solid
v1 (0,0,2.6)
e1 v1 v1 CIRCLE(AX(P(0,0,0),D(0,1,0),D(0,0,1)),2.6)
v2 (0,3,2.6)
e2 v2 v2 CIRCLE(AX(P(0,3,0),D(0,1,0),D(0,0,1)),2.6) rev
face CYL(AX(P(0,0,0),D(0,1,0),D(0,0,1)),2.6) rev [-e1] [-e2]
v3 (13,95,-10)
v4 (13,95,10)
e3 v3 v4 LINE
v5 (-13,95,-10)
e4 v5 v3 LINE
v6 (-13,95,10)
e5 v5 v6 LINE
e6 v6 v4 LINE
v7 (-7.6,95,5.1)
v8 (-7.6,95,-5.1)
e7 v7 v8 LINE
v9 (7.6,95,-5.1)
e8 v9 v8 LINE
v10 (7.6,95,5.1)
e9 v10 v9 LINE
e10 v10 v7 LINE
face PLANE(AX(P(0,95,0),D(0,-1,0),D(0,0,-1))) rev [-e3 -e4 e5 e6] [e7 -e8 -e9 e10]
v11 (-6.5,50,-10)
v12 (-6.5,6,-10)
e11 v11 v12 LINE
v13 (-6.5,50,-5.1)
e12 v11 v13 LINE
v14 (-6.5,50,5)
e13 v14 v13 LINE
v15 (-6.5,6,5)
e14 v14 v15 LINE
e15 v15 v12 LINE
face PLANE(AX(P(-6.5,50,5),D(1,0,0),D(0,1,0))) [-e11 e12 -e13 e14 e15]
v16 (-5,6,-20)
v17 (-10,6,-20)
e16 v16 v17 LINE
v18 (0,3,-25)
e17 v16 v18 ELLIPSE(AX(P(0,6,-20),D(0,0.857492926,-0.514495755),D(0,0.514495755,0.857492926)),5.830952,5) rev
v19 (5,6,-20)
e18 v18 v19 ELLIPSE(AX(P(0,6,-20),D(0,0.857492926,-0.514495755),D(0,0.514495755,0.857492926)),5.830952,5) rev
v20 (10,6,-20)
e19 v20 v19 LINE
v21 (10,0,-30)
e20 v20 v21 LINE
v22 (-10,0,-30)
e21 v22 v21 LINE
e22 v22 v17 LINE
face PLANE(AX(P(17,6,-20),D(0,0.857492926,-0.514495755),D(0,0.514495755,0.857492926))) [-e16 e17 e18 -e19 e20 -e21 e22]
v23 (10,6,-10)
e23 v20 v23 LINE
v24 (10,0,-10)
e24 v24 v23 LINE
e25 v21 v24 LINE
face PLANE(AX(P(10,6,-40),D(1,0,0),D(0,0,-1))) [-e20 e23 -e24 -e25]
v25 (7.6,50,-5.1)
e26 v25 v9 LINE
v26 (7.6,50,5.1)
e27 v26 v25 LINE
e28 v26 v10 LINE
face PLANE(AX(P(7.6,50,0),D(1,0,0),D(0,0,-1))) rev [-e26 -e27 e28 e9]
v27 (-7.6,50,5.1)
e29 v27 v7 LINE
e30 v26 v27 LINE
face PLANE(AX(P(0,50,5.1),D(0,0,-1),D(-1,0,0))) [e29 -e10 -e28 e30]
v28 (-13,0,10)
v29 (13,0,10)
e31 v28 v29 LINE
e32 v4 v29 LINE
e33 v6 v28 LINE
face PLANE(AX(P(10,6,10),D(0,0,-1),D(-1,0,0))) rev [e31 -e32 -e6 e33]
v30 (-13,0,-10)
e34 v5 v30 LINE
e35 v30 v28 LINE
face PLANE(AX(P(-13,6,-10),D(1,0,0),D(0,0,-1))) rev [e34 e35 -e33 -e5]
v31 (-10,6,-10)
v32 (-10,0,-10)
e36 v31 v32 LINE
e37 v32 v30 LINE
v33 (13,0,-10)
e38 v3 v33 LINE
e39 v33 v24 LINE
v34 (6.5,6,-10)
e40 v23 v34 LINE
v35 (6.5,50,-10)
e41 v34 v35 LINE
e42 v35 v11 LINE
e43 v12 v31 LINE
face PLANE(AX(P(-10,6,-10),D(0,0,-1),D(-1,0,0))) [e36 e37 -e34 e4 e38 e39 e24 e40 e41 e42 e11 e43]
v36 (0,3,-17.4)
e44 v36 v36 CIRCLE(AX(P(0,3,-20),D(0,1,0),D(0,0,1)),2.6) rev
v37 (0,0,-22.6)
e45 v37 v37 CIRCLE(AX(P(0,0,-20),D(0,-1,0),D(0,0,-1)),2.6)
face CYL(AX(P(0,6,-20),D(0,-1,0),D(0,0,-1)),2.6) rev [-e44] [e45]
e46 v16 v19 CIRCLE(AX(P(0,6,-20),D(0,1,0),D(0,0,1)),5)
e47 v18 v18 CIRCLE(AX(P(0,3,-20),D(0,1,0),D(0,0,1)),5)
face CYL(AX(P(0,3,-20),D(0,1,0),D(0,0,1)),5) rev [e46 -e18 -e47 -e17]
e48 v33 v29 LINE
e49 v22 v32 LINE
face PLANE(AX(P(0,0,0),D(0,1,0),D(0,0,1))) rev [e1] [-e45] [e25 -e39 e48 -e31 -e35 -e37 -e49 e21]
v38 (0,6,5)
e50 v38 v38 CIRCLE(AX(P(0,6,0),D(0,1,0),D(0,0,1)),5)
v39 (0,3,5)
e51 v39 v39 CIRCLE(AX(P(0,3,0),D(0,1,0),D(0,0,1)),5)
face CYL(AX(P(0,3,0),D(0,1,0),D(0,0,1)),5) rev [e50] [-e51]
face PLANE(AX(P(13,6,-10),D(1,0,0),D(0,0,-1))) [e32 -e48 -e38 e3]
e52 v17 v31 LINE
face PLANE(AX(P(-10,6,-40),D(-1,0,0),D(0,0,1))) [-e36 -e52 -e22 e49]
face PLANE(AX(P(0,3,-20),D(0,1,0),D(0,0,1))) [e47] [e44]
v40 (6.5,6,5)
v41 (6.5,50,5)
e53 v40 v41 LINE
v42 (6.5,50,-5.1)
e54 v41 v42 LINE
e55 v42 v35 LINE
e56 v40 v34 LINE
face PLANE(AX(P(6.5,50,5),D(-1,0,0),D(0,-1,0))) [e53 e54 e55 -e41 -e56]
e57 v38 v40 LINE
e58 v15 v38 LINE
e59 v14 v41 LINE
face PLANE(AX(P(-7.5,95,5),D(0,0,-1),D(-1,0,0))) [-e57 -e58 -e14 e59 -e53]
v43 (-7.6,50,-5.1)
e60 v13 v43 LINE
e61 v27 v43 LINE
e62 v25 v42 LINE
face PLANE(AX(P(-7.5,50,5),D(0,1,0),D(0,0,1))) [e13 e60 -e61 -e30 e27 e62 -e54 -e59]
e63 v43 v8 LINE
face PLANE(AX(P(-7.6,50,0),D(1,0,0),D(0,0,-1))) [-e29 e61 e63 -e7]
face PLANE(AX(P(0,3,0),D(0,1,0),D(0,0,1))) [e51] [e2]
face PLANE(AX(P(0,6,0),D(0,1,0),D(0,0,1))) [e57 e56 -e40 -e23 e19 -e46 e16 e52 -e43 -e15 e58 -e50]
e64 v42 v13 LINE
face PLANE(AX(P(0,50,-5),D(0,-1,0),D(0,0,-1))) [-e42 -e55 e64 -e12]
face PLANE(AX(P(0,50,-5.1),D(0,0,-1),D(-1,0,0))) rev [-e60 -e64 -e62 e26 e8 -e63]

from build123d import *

# Parameters (mm, degrees)
EXTRUDE_1_DEPTH      = 6
SKETCH_2_R           = 2.6
CUT_EXTRUDE_1_DEPTH  = 6
SKETCH_3_R           = 5
CUT_EXTRUDE_2_DEPTH  = 3
SKETCH_4_W           = 26
SKETCH_4_H           = 20
SKETCH_4_W_2         = 15
SKETCH_4_H_2         = 10
EXTRUDE_2_DEPTH      = 89
CUT_EXTRUDE_5_DEPTH  = 5
SKETCH_6_W           = 1
SKETCH_6_H           = 44
EXTRUDE_3_DEPTH      = 15
SKETCH_8_W           = 26
SKETCH_8_H           = 20
SKETCH_8_R           = 2.6
EXTRUDE_4_DEPTH      = 6
SKETCH_9_R           = 5
CUT_EXTRUDE_6_DEPTH  = 3
CUT_EXTRUDE_7_DEPTH  = 30
SKETCH_11_W          = 3
SKETCH_11_H          = 6
CUT_EXTRUDE_8_DEPTH  = 30
CUT_EXTRUDE_10_DEPTH = 45


with BuildPart() as part:
    # 草图1 → 凸台-拉伸1 (new body)
    with BuildSketch(Plane(origin=(0, 0, 0), x_dir=(1, 0, 0), z_dir=(0, 1, 0))):
        Polygon((-10, -10), (10, -10), (13, -10), (13, 10), (10, 10), (-10, 10), (-13, 10), (-13, -10), align=None)
    extrude(amount=EXTRUDE_1_DEPTH)

    # 草图2 → 切除-拉伸1 (cut)
    with BuildSketch(Plane(origin=(0, 6, 0), x_dir=(1, 0, 0), z_dir=(0, 1, 0))):
        with Locations(Location((0, 0, 0), (0, 0, 270))):
            Circle(SKETCH_2_R)
    extrude(amount=-CUT_EXTRUDE_1_DEPTH, mode=Mode.SUBTRACT)

    # 草图3 → 切除-拉伸2 (cut)
    with BuildSketch(Plane(origin=(0, 6, 0), x_dir=(1, 0, 0), z_dir=(0, 1, 0))):
        with Locations(Location((0, 0, 0), (0, 0, 270))):
            Circle(SKETCH_3_R)
    extrude(amount=-CUT_EXTRUDE_2_DEPTH, mode=Mode.SUBTRACT)

    # 草图4 → 凸台-拉伸2 (add)
    with BuildSketch(Plane(origin=(0, 6, 0), x_dir=(1, 0, 0), z_dir=(0, 1, 0))):
        Rectangle(SKETCH_4_W, SKETCH_4_H)
        Rectangle(SKETCH_4_W_2, SKETCH_4_H_2, mode=Mode.SUBTRACT)
    extrude(amount=EXTRUDE_2_DEPTH)

    # 草图5 → 切除-拉伸5 (cut)
    with BuildSketch(Plane(origin=(0, 0, -10), x_dir=(-1, 0, 0), z_dir=(0, 0, -1))):
        Polygon((0, 6), (7.5, 6), (7.5, 15), (7.5, 30), (7.5, 50), (-7.5, 50), (-7.5, 30), (-7.5, 15), (-7.5, 6), align=None)
    extrude(amount=-CUT_EXTRUDE_5_DEPTH, mode=Mode.SUBTRACT)

    # 草图6 → 凸台-拉伸3 (add)
    with BuildSketch(Plane(origin=(0, 0, -10), x_dir=(-1, 0, 0), z_dir=(0, 0, -1))):
        with Locations((7, 28)):
            Rectangle(SKETCH_6_W, SKETCH_6_H)
        with Locations((-7, 28)):
            Rectangle(SKETCH_6_W, SKETCH_6_H)
    extrude(amount=-EXTRUDE_3_DEPTH)

    # 草图8 → 凸台-拉伸4 (add)
    with BuildSketch(Plane.XZ):
        with Locations((0, -20)):
            Rectangle(SKETCH_8_W, SKETCH_8_H)
        with Locations(Location((0, -20, 0), (0, 0, 270))):
            Circle(SKETCH_8_R, mode=Mode.SUBTRACT)
    extrude(amount=-EXTRUDE_4_DEPTH)

    # 草图9 → 切除-拉伸6 (cut)
    with BuildSketch(Plane(origin=(0, 6, 0), x_dir=(1, 0, 0), z_dir=(0, 1, 0))):
        with Locations(Location((0, 20, 0), (0, 0, 270))):
            Circle(SKETCH_9_R)
    extrude(amount=-CUT_EXTRUDE_6_DEPTH, mode=Mode.SUBTRACT)

    # 草图10 → 切除-拉伸7 (cut)
    with BuildSketch(Plane.ZY.offset(13)):
        Polygon((-20, 6), (-30, 0), (-30, 6), align=None)
    extrude(amount=-CUT_EXTRUDE_7_DEPTH, mode=Mode.SUBTRACT)

    # 草图11 → 切除-拉伸8 (cut)
    with BuildSketch(Plane(origin=(0, 0, -10), x_dir=(-1, 0, 0), z_dir=(0, 0, -1))):
        with Locations((-11.5, 3)):
            Rectangle(SKETCH_11_W, SKETCH_11_H)
        with Locations((11.5, 3)):
            Rectangle(SKETCH_11_W, SKETCH_11_H)
    extrude(amount=CUT_EXTRUDE_8_DEPTH, mode=Mode.SUBTRACT)

    # 草图12 → 切除-拉伸10 (cut)
    with BuildSketch(Plane(origin=(0, 95, 0), x_dir=(1, 0, 0), z_dir=(0, 1, 0))):
        Polygon((-7.5, 5.1), (-7.5, 5), (7.5, 5), (7.5, -5), (7.6, -5), (7.6, 5.1), align=None)
        Polygon((-7.6, -5.1), (-7.6, 5.1), (-7.5, 5.1), (-7.5, 5), (-7.5, -5), (7.5, -5), (7.6, -5), (7.6, -5.1), align=None)
    extrude(amount=-CUT_EXTRUDE_10_DEPTH, mode=Mode.SUBTRACT)


solid = part.part
